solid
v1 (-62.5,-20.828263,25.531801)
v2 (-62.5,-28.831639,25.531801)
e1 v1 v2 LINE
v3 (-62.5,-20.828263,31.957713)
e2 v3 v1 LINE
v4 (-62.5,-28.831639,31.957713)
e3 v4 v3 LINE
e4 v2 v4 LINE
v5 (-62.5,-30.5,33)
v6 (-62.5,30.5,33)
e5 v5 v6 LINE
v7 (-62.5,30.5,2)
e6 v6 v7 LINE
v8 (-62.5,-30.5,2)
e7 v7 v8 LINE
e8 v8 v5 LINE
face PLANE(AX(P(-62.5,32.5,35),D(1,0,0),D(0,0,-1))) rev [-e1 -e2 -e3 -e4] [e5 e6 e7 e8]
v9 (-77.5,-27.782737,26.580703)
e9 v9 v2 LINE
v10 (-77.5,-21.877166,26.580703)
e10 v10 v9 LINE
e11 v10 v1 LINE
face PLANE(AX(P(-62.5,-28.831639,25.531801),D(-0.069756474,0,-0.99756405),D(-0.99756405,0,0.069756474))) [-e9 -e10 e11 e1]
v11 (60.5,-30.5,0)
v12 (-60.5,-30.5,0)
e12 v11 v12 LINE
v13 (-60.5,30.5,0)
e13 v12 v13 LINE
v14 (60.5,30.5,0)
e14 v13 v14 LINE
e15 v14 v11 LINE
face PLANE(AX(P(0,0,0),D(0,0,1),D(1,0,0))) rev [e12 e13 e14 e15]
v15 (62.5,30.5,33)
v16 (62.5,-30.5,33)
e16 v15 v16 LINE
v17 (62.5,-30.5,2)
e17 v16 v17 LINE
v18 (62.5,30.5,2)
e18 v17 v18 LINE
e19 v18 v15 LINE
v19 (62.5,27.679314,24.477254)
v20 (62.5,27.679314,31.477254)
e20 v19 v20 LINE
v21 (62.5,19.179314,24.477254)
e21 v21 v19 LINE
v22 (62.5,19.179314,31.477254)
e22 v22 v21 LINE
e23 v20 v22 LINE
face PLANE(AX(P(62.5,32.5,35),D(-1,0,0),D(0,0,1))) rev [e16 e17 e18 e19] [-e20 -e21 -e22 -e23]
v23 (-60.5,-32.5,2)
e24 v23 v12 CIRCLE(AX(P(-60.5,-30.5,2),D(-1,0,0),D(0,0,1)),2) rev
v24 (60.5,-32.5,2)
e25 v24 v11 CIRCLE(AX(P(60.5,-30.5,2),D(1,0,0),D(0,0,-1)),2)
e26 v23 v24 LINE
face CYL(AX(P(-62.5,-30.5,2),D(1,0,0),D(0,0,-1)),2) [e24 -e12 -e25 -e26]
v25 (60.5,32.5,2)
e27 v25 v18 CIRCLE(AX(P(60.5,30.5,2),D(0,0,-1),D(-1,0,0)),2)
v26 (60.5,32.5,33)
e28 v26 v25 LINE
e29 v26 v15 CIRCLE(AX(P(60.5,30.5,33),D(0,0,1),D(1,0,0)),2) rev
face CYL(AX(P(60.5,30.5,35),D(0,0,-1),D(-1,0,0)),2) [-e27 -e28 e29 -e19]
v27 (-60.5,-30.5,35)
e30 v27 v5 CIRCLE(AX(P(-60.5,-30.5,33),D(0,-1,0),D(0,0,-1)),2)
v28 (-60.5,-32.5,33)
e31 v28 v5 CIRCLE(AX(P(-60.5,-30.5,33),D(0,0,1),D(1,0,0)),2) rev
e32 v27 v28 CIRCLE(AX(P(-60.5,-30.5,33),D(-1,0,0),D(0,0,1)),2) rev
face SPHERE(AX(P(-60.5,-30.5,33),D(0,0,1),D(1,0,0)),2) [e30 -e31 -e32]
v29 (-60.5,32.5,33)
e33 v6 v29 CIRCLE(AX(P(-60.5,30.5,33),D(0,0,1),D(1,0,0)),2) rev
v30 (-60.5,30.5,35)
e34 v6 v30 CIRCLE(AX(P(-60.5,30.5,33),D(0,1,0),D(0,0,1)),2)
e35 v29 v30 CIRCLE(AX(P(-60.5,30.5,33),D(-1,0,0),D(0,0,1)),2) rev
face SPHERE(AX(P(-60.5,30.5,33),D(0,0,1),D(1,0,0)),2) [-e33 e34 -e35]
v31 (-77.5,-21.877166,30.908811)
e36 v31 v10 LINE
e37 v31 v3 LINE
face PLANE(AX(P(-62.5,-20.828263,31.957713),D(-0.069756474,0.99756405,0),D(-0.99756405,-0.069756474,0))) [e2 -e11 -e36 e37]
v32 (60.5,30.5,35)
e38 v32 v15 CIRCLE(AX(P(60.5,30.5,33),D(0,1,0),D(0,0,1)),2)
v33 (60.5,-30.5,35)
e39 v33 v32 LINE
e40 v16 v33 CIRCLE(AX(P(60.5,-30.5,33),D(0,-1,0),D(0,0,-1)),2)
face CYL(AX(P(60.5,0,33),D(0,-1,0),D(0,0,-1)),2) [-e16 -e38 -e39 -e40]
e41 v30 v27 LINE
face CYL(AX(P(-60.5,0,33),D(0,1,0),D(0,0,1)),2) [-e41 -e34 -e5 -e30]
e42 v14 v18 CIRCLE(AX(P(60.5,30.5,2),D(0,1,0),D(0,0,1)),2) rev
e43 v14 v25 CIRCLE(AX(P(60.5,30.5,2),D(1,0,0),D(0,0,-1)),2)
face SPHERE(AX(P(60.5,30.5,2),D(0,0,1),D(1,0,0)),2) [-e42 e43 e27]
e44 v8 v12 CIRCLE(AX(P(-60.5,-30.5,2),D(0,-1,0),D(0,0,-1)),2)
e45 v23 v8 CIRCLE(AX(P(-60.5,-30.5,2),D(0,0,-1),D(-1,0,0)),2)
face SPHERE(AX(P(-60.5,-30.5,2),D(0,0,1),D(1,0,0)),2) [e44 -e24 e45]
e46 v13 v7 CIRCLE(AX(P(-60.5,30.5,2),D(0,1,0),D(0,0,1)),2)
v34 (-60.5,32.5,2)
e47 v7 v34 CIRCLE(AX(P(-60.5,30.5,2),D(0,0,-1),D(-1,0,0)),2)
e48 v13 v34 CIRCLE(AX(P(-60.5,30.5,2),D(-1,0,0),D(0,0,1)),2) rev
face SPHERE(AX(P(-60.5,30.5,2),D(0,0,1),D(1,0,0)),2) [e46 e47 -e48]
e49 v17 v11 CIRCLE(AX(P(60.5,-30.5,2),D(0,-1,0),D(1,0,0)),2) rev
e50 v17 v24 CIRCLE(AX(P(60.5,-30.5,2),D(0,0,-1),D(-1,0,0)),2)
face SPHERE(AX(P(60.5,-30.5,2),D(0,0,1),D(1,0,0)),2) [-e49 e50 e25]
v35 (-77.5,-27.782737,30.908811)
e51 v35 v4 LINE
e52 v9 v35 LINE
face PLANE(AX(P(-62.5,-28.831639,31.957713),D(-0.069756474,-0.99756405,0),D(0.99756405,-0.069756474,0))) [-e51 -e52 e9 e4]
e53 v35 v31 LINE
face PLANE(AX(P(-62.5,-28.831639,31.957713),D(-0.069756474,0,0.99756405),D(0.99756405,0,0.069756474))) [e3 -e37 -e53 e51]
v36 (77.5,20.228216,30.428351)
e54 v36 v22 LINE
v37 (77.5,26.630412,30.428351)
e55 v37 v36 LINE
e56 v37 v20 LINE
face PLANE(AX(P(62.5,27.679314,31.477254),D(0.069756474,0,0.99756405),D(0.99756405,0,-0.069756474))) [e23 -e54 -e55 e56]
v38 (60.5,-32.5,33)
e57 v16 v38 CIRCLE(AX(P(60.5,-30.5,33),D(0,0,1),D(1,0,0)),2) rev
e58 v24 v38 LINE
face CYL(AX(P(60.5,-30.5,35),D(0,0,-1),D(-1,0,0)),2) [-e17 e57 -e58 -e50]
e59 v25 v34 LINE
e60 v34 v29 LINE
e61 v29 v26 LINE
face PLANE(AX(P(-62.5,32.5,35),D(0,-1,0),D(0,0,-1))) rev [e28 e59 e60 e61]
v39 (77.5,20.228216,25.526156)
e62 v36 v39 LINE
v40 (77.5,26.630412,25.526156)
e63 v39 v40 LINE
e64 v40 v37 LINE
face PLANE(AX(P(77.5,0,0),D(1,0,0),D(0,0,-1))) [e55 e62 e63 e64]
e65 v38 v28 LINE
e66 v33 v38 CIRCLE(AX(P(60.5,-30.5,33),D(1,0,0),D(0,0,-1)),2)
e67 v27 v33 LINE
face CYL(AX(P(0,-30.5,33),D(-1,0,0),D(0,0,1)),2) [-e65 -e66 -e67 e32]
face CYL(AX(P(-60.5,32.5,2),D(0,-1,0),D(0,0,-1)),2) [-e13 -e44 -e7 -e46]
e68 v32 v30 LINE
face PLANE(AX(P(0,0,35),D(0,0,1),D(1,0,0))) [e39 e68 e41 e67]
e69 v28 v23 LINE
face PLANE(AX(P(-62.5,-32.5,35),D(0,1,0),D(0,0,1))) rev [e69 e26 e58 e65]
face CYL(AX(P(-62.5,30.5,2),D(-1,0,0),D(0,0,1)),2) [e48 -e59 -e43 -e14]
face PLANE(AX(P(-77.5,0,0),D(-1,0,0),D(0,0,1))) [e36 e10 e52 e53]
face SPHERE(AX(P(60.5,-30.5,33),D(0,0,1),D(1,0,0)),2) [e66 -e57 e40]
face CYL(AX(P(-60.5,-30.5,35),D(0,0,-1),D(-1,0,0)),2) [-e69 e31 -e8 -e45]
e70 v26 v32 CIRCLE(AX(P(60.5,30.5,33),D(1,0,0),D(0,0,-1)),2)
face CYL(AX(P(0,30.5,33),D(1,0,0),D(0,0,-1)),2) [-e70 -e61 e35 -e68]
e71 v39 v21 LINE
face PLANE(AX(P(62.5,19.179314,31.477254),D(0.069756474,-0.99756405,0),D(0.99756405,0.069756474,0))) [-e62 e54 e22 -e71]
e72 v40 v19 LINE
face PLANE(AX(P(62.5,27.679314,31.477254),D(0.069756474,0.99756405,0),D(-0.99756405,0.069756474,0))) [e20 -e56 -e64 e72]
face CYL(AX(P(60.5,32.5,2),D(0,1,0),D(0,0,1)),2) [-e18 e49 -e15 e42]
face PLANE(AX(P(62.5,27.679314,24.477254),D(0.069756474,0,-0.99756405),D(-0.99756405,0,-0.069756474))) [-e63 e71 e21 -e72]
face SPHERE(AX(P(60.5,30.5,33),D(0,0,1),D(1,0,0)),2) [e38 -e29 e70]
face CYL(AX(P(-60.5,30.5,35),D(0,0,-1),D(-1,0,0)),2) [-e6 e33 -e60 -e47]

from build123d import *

# Parameters (mm, degrees)
SKETCH1_W           = 125
SKETCH1_H           = 65
BOSS_EXTRUDE1_DEPTH = 35
FILLET1_R           = 2
SKETCH2_W           = 7
SKETCH2_H           = 8.5
BOSS_EXTRUDE2_DEPTH = 15
BOSS_EXTRUDE2_TAPER = 4
SKETCH3_W           = 6.425912995
SKETCH3_H           = 8.003375871
BOSS_EXTRUDE3_DEPTH = 15
BOSS_EXTRUDE3_TAPER = 4


with BuildPart() as part:
    # Sketch1 → Boss-Extrude1 (new body)
    with BuildSketch(Plane.XY):
        Rectangle(SKETCH1_W, SKETCH1_H)
    extrude(amount=BOSS_EXTRUDE1_DEPTH)

    # Fillet1
    fillet1_edges = [part.edges().sort_by_distance(p)[0] for p in [
        (-62.5, 0, 35),
        (0, -32.5, 35),
        (62.5, 0, 35),
        (0, -32.5, 0),
        (-62.5, 0, 0),
        (0, 32.5, 0),
        (62.5, 0, 0),
        (0, 32.5, 35),
        (62.5, -32.5, 17.5),
        (-62.5, -32.5, 17.5),
        (-62.5, 32.5, 17.5),
        (62.5, 32.5, 17.5),
    ]]
    fillet(fillet1_edges, radius=FILLET1_R)

    # Sketch2 → Boss-Extrude2 (add)
    with BuildSketch(Plane(origin=(62.5, 0, 0), x_dir=(0, 0, -1), z_dir=(1, 0, 0))):
        with Locations((-27.977253616, 23.429314173)):
            Rectangle(SKETCH2_W, SKETCH2_H)
    extrude(amount=BOSS_EXTRUDE2_DEPTH, taper=BOSS_EXTRUDE2_TAPER)

    # Sketch3 → Boss-Extrude3 (add)
    with BuildSketch(Plane.ZY.offset(62.5)):
        with Locations((28.744757, -24.829951406)):
            Rectangle(SKETCH3_W, SKETCH3_H)
    extrude(amount=BOSS_EXTRUDE3_DEPTH, taper=BOSS_EXTRUDE3_TAPER)


solid = part.part
